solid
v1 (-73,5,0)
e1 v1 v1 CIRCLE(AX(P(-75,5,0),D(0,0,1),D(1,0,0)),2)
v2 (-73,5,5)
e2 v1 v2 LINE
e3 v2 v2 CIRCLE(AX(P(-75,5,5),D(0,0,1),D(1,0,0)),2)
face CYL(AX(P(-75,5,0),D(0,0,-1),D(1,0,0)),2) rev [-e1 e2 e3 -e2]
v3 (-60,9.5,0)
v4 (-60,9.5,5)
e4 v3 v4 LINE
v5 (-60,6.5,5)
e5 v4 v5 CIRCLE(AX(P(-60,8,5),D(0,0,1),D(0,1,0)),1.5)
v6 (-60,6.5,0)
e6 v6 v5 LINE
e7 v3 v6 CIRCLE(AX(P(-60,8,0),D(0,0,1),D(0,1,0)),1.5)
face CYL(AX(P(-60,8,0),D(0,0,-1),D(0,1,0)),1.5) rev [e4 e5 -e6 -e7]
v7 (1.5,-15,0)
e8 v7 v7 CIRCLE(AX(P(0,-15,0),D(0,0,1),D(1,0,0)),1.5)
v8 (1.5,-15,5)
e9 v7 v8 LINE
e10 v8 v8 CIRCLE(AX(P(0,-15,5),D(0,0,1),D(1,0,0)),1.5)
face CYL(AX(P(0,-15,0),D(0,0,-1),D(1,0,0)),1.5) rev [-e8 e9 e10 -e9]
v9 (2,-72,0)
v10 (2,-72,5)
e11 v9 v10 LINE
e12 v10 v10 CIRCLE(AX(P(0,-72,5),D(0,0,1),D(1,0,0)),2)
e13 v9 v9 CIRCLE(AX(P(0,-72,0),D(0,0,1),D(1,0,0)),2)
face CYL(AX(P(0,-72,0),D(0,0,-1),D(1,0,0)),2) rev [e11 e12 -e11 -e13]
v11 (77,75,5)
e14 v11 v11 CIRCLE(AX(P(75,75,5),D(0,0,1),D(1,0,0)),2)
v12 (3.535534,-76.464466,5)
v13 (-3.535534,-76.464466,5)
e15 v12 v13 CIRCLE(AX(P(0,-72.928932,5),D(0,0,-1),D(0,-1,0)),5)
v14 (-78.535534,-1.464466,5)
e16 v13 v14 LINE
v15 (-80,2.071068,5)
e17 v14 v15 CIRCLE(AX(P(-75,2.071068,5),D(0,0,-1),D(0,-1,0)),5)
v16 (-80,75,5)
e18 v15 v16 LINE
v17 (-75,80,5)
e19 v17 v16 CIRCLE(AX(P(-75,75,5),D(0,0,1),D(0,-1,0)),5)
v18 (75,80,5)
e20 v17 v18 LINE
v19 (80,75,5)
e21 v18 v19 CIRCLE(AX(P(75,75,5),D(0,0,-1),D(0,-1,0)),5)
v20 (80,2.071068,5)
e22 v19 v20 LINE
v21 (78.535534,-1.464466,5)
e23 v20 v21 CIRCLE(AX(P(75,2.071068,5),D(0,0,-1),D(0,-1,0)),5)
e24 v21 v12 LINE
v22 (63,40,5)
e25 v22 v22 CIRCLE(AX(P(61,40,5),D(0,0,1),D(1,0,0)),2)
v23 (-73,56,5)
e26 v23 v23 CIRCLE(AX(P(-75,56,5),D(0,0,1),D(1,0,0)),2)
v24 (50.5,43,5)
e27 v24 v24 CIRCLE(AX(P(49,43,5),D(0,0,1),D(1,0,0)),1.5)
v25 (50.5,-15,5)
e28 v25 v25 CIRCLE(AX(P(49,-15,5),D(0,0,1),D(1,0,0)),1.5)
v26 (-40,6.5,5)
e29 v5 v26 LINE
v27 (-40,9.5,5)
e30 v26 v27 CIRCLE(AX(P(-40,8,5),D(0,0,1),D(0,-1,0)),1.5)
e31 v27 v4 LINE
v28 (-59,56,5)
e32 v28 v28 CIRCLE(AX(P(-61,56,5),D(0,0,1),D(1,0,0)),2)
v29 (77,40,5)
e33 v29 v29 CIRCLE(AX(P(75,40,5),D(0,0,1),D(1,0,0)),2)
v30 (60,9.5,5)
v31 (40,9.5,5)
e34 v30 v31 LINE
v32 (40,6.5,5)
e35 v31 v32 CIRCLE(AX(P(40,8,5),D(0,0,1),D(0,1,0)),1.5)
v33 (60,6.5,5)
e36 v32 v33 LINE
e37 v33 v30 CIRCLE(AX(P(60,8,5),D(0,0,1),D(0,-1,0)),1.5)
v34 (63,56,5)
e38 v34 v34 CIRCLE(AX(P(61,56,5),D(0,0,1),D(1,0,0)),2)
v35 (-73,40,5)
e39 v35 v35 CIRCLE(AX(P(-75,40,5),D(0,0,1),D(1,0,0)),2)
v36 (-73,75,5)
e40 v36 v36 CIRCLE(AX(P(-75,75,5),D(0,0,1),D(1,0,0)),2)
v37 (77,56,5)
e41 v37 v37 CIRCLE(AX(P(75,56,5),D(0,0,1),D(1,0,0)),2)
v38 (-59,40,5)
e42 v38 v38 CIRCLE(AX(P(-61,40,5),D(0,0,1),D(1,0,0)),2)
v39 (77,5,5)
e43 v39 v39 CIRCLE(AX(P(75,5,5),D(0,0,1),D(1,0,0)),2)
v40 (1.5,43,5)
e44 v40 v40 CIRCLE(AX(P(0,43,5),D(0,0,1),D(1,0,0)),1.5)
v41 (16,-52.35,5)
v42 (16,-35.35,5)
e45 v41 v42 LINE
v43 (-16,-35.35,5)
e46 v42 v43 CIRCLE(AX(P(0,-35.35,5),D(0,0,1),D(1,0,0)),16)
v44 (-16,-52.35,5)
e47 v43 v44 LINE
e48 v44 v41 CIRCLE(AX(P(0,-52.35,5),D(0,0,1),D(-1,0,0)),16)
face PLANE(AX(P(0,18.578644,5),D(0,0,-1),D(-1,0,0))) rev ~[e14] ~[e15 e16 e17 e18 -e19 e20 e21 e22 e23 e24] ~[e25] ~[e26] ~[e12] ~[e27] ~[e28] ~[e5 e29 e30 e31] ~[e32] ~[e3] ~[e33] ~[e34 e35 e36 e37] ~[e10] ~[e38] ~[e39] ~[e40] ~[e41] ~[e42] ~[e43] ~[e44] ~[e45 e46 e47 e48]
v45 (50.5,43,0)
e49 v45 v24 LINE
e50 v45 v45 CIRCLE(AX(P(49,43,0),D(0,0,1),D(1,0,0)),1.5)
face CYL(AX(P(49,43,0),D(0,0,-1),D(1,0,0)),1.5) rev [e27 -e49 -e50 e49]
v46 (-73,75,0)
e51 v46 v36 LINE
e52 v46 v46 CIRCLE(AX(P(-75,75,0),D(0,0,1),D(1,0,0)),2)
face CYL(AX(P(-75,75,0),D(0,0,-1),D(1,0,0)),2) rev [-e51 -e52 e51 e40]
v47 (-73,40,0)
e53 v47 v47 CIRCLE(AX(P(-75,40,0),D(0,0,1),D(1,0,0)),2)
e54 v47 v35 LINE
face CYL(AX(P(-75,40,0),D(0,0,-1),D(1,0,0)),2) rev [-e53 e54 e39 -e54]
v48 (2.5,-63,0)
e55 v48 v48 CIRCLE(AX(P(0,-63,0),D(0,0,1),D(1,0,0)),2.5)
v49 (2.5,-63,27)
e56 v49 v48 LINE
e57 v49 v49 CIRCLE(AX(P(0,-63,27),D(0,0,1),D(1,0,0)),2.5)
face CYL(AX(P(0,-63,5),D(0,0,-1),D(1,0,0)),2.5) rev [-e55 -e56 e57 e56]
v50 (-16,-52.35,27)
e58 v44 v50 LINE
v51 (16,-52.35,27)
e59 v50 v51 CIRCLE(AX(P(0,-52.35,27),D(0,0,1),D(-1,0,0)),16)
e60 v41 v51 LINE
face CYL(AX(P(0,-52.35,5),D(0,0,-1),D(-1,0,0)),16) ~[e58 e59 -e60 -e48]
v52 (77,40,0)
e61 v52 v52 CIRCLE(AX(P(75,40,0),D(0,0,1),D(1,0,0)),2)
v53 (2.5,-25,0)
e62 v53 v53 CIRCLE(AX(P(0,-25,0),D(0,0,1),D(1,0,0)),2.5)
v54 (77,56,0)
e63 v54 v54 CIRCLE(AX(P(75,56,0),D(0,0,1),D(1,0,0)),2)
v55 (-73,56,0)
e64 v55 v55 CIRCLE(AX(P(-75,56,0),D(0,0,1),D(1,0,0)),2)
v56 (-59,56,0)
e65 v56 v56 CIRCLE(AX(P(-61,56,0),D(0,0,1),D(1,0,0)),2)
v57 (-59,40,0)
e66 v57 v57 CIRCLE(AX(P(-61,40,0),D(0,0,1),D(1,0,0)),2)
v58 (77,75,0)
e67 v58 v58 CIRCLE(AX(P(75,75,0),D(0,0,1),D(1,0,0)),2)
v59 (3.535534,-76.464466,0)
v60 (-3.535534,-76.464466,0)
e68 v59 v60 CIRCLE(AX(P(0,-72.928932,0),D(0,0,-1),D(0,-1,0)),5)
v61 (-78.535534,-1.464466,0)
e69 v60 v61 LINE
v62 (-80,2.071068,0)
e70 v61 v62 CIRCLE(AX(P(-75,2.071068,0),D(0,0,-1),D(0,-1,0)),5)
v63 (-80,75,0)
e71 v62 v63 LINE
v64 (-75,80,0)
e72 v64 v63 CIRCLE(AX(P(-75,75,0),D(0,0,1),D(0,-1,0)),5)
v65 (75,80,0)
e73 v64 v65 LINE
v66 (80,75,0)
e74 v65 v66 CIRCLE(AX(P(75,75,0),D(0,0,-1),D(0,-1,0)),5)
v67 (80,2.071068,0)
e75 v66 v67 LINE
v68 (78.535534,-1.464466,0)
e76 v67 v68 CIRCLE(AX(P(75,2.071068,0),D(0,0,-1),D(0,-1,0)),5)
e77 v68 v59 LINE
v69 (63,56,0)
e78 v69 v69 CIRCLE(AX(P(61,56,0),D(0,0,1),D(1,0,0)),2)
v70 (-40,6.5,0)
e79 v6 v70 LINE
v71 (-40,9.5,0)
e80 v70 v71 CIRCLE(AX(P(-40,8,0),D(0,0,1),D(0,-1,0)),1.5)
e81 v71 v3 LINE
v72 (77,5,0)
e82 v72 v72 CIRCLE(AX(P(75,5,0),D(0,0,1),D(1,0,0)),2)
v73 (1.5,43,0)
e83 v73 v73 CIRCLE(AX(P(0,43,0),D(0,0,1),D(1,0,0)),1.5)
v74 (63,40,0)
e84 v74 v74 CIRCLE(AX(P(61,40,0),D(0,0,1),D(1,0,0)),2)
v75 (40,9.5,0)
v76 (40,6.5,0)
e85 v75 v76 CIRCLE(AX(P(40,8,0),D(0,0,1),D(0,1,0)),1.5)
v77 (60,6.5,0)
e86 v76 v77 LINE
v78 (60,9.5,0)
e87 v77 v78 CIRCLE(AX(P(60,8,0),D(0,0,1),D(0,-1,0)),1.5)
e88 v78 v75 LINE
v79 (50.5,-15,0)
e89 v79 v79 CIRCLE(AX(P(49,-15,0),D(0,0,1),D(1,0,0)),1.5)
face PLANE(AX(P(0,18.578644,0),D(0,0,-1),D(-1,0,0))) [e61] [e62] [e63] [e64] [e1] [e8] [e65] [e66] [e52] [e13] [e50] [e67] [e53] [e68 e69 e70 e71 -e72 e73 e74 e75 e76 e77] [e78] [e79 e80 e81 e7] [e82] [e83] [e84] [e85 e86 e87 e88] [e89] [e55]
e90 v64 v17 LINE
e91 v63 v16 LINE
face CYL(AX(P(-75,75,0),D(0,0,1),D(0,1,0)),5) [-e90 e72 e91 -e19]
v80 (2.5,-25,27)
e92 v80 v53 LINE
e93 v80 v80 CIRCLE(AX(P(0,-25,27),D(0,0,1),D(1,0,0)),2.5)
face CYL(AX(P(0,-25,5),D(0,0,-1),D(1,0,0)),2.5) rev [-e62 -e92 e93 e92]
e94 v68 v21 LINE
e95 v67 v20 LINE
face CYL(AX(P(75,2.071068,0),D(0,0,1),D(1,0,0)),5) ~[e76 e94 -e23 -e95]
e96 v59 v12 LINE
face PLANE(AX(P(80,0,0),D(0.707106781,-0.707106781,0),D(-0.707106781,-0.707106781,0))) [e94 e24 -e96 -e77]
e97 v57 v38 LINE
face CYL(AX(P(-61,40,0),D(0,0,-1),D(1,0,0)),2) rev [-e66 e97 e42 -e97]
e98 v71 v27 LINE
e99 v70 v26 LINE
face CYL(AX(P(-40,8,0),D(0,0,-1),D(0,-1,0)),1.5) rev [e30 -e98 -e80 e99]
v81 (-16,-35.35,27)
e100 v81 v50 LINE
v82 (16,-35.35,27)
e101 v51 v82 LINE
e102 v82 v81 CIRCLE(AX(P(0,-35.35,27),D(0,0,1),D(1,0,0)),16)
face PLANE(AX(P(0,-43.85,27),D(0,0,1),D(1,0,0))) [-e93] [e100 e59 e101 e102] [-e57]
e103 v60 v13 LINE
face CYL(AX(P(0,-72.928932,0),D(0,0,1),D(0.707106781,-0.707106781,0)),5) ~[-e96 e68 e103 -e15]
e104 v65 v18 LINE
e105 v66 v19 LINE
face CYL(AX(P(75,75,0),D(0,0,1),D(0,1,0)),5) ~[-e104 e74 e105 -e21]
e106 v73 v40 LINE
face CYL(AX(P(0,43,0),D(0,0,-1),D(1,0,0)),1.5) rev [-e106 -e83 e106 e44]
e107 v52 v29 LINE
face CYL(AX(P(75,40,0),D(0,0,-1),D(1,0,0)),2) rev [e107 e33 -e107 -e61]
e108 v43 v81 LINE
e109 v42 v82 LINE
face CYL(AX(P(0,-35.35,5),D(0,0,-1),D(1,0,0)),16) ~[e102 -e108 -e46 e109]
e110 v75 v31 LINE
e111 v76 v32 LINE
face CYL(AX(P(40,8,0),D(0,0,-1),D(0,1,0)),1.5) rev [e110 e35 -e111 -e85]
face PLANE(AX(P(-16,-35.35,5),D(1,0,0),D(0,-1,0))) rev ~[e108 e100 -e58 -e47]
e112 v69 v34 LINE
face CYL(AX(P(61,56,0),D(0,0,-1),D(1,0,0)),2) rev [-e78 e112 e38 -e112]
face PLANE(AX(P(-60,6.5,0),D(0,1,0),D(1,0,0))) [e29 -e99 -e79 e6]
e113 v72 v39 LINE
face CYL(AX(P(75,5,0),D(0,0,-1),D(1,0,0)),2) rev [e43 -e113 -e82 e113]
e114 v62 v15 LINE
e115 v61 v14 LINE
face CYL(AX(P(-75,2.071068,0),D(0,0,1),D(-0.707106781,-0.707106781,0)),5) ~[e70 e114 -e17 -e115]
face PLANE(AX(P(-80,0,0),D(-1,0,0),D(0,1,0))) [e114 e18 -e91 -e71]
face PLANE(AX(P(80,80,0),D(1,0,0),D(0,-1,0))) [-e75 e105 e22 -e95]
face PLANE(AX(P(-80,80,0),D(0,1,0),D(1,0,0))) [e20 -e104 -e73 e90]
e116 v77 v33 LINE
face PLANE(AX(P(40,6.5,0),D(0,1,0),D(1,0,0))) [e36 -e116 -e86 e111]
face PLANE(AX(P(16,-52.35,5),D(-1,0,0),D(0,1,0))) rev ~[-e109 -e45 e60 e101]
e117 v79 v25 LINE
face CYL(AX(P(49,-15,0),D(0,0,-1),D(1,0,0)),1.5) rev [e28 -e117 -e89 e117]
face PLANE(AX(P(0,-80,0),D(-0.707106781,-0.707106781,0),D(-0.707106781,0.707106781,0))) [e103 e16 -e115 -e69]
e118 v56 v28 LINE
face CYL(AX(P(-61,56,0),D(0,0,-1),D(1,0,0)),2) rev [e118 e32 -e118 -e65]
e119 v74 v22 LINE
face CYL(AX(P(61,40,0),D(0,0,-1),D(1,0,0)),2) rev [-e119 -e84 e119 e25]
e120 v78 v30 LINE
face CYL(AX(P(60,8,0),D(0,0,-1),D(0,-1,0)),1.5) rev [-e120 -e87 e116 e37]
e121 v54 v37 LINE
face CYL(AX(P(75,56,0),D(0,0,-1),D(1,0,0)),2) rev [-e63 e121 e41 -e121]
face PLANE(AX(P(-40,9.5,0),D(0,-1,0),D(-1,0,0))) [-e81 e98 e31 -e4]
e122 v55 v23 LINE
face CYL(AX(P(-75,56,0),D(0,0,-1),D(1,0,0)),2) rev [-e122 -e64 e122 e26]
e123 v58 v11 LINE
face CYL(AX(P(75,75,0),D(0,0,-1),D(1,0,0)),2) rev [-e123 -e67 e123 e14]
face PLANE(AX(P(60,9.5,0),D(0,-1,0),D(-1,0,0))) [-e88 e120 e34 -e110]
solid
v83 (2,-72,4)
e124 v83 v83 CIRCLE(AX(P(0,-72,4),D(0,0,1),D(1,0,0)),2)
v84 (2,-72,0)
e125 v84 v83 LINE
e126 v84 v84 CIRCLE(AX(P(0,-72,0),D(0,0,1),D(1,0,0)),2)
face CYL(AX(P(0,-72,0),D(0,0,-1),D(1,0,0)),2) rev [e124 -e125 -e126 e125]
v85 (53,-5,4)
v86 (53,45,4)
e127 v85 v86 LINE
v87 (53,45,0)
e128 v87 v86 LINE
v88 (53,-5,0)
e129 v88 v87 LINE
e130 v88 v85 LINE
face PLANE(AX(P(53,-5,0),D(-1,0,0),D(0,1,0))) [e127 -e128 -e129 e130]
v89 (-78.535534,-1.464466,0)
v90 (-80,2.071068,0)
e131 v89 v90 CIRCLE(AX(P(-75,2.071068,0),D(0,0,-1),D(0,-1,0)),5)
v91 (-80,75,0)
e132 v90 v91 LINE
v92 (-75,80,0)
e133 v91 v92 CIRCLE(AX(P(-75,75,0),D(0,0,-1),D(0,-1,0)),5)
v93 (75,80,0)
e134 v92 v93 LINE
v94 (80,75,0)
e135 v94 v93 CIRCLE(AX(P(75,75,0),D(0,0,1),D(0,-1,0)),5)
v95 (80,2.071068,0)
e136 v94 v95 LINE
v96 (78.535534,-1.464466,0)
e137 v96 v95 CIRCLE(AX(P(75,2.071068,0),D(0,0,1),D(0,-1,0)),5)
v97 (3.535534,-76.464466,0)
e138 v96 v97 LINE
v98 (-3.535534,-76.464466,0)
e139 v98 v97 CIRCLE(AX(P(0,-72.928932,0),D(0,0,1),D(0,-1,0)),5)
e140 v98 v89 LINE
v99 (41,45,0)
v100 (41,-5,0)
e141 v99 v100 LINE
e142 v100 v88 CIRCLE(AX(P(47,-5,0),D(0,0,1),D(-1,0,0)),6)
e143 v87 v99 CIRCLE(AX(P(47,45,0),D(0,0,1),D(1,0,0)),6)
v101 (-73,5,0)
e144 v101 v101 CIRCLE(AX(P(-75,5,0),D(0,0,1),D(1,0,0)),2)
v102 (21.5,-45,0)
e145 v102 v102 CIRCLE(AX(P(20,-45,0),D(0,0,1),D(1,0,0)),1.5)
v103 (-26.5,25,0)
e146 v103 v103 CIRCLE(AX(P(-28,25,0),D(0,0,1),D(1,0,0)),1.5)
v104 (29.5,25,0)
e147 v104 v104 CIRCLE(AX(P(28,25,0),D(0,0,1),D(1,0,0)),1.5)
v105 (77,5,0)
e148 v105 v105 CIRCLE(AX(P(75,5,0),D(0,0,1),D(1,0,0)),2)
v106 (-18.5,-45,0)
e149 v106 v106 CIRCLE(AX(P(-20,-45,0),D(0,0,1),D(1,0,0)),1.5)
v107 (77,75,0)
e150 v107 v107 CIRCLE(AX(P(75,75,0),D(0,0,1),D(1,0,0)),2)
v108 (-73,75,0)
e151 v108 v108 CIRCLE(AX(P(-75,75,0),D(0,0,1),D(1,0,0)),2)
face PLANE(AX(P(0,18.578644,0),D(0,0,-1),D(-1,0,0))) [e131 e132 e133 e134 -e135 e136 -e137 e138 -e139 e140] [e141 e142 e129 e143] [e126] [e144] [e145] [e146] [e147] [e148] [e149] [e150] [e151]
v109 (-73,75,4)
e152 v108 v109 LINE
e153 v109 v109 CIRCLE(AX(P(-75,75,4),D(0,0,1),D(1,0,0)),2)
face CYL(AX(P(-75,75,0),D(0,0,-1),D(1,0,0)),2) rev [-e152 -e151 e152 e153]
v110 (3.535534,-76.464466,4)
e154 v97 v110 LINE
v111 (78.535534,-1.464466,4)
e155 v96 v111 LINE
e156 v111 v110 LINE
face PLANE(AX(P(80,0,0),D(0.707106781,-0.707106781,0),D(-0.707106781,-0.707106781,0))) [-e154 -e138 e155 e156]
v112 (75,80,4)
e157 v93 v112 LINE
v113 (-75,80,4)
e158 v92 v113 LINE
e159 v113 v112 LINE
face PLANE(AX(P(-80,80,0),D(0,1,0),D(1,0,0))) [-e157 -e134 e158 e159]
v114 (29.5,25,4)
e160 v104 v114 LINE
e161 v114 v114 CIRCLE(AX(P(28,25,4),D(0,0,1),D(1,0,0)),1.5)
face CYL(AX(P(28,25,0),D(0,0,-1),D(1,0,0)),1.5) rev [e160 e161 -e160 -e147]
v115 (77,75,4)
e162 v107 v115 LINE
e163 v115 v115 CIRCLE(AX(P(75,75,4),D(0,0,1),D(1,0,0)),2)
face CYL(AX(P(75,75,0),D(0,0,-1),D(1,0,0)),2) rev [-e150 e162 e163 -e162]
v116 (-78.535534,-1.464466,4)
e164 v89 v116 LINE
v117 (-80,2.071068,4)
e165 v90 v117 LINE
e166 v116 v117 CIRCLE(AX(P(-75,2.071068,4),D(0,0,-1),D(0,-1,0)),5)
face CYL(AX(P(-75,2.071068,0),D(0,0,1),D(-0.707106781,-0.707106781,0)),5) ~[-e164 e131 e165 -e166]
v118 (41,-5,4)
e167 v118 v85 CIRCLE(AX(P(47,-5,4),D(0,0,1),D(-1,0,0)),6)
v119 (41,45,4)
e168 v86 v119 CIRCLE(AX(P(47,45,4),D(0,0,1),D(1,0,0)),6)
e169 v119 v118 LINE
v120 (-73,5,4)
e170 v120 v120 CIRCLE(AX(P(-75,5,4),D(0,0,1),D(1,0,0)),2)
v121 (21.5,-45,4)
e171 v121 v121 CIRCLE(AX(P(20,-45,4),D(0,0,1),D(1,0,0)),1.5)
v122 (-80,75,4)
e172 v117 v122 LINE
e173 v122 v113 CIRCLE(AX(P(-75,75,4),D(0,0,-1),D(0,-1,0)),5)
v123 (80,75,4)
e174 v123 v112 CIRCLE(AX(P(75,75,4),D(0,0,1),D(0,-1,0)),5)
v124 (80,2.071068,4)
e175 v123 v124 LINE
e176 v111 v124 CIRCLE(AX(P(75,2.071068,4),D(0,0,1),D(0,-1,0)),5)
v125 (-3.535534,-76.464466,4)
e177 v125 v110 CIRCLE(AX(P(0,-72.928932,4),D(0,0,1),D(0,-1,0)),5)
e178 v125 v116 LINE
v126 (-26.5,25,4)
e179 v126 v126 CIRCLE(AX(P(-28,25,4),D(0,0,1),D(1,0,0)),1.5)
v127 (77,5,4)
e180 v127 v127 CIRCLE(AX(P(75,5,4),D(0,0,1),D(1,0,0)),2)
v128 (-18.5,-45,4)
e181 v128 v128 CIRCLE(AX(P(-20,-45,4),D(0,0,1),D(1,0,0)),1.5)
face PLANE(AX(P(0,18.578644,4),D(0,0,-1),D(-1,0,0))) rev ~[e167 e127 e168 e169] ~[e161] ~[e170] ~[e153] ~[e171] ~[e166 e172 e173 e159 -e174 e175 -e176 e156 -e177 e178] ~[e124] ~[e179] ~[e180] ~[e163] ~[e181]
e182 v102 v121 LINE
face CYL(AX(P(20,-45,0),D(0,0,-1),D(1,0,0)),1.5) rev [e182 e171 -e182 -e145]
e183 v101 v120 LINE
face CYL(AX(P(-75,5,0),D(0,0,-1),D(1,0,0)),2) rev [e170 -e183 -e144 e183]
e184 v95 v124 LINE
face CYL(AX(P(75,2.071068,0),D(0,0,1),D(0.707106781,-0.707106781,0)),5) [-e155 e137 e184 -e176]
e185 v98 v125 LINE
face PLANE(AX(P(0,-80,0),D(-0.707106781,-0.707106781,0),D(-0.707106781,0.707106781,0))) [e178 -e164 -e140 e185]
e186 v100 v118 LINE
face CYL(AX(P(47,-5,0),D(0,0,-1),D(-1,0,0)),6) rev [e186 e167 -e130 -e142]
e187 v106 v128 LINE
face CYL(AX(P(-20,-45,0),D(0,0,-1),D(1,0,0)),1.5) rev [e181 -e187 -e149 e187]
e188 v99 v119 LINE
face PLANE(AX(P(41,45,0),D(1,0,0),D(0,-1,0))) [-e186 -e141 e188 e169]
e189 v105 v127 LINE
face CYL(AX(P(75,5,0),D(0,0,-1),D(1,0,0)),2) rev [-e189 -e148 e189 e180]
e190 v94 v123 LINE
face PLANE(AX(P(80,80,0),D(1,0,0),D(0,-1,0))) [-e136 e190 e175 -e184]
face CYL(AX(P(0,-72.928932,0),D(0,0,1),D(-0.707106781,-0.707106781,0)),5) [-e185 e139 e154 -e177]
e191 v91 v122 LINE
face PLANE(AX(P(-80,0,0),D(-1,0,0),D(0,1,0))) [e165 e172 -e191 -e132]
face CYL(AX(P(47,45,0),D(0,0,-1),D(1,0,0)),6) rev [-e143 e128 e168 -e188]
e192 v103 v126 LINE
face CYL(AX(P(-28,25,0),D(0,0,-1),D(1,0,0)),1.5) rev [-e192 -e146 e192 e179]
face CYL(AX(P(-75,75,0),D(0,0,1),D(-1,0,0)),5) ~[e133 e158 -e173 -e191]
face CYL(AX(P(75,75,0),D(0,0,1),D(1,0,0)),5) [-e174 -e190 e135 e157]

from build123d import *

# Parameters (mm, degrees)
SKETCH_R      = 2
SKETCH_R_2    = 2.5
SKETCH_R_3    = 1.5
PAD_DEPTH     = 5
SKETCH002_R   = 2.5
PAD001_DEPTH  = 22
FILLET_R      = 5
FILLET001_R   = 5
SKETCH003_R   = 2
SKETCH003_R_2 = 1.5
PAD002_DEPTH  = 4
FILLET002_R   = 5


with BuildPart() as base:
    # Sketch → Pad (new body)
    with BuildSketch(Plane.XY):
        Polygon((0, -80), (-80, 0), (-80, 80), (80, 80), (80, 0), align=None)
        with Locations((-75, 56)):
            Circle(SKETCH_R, mode=Mode.SUBTRACT)
        with Locations((-61, 56)):
            Circle(SKETCH_R, mode=Mode.SUBTRACT)
        with Locations((-75, 40)):
            Circle(SKETCH_R, mode=Mode.SUBTRACT)
        with Locations((-61, 40)):
            Circle(SKETCH_R, mode=Mode.SUBTRACT)
        with Locations((61, 56)):
            Circle(SKETCH_R, mode=Mode.SUBTRACT)
        with Locations((75, 56)):
            Circle(SKETCH_R, mode=Mode.SUBTRACT)
        with Locations((61, 40)):
            Circle(SKETCH_R, mode=Mode.SUBTRACT)
        with Locations((75, 40)):
            Circle(SKETCH_R, mode=Mode.SUBTRACT)
        with Locations((0, -63)):
            Circle(SKETCH_R_2, mode=Mode.SUBTRACT)
        with Locations((0, -25)):
            Circle(SKETCH_R_2, mode=Mode.SUBTRACT)
        with Locations((0, 43)):
            Circle(SKETCH_R_3, mode=Mode.SUBTRACT)
        with Locations((49, 43)):
            Circle(SKETCH_R_3, mode=Mode.SUBTRACT)
        with Locations((49, -15)):
            Circle(SKETCH_R_3, mode=Mode.SUBTRACT)
        with Locations((0, -15)):
            Circle(SKETCH_R_3, mode=Mode.SUBTRACT)
        with Locations((0, -72)):
            Circle(SKETCH_R, mode=Mode.SUBTRACT)
        with Locations((-75, 75)):
            Circle(SKETCH_R, mode=Mode.SUBTRACT)
        with Locations((75, 75)):
            Circle(SKETCH_R, mode=Mode.SUBTRACT)
        with Locations((-75, 5)):
            Circle(SKETCH_R, mode=Mode.SUBTRACT)
        with Locations((75, 5)):
            Circle(SKETCH_R, mode=Mode.SUBTRACT)
        with BuildLine():
            ThreePointArc((40, 9.5), (38.5, 8), (40, 6.5))
            Line((40, 6.5), (60, 6.5))
            ThreePointArc((60, 6.5), (61.5, 8), (60, 9.5))
            Line((60, 9.5), (40, 9.5))
        make_face(mode=Mode.SUBTRACT)
        with BuildLine():
            ThreePointArc((-60, 9.5), (-61.5, 8), (-60, 6.5))
            Line((-60, 6.5), (-40, 6.5))
            ThreePointArc((-40, 6.5), (-38.5, 8), (-40, 9.5))
            Line((-40, 9.5), (-60, 9.5))
        make_face(mode=Mode.SUBTRACT)
    extrude(amount=PAD_DEPTH)

    # Sketch002 → Pad001 (join)
    with BuildSketch(Plane.XY.offset(5)):
        with BuildLine():
            ThreePointArc((16, -35.35), (0, -19.35), (-16, -35.35))
            Line((-16, -35.35), (-16, -52.35))
            ThreePointArc((-16, -52.35), (0, -68.35), (16, -52.35))
            Line((16, -52.35), (16, -35.35))
        make_face()
        with Locations((0, -25)):
            Circle(SKETCH002_R, mode=Mode.SUBTRACT)
        with Locations((0, -63)):
            Circle(SKETCH002_R, mode=Mode.SUBTRACT)
    extrude(amount=PAD001_DEPTH)

    # Fillet
    fillet_edges = [base.edges().sort_by_distance(p)[0] for p in [
        (-80, 80, 2.5),
        (80, 80, 2.5),
        (80, 0, 2.5),
    ]]
    fillet(fillet_edges, radius=FILLET_R)

    # Fillet001
    fillet001_edges = [base.edges().sort_by_distance(p)[0] for p in [
        (-80, 0, 2.5),
        (0, -80, 2.5),
    ]]
    fillet(fillet001_edges, radius=FILLET001_R)


with BuildPart() as second_floor:
    # Sketch003 → Pad002 (new body)
    with BuildSketch(Plane.XY):
        Polygon((0, -80), (-80, 0), (-80, 80), (80, 80), (80, 0), align=None)
        with Locations((0, -72)):
            Circle(SKETCH003_R, mode=Mode.SUBTRACT)
        with Locations((-75, 75)):
            Circle(SKETCH003_R, mode=Mode.SUBTRACT)
        with Locations((75, 75)):
            Circle(SKETCH003_R, mode=Mode.SUBTRACT)
        with Locations((-75, 5)):
            Circle(SKETCH003_R, mode=Mode.SUBTRACT)
        with Locations((75, 5)):
            Circle(SKETCH003_R, mode=Mode.SUBTRACT)
        with Locations((-28, 25)):
            Circle(SKETCH003_R_2, mode=Mode.SUBTRACT)
        with Locations((28, 25)):
            Circle(SKETCH003_R_2, mode=Mode.SUBTRACT)
        with Locations((-20, -45)):
            Circle(SKETCH003_R_2, mode=Mode.SUBTRACT)
        with Locations((20, -45)):
            Circle(SKETCH003_R_2, mode=Mode.SUBTRACT)
        with BuildLine():
            ThreePointArc((53, 45), (47, 51), (41, 45))
            Line((41, 45), (41, -5))
            ThreePointArc((41, -5), (47, -11), (53, -5))
            Line((53, -5), (53, 45))
        make_face(mode=Mode.SUBTRACT)
    extrude(amount=PAD002_DEPTH)

    # Fillet002
    fillet002_edges = [second_floor.edges().sort_by_distance(p)[0] for p in [
        (0, -80, 2),
        (80, 0, 2),
        (-80, 0, 2),
        (80, 80, 2),
        (-80, 80, 2),
    ]]
    fillet(fillet002_edges, radius=FILLET002_R)


solid = Compound([base.part, second_floor.part])
